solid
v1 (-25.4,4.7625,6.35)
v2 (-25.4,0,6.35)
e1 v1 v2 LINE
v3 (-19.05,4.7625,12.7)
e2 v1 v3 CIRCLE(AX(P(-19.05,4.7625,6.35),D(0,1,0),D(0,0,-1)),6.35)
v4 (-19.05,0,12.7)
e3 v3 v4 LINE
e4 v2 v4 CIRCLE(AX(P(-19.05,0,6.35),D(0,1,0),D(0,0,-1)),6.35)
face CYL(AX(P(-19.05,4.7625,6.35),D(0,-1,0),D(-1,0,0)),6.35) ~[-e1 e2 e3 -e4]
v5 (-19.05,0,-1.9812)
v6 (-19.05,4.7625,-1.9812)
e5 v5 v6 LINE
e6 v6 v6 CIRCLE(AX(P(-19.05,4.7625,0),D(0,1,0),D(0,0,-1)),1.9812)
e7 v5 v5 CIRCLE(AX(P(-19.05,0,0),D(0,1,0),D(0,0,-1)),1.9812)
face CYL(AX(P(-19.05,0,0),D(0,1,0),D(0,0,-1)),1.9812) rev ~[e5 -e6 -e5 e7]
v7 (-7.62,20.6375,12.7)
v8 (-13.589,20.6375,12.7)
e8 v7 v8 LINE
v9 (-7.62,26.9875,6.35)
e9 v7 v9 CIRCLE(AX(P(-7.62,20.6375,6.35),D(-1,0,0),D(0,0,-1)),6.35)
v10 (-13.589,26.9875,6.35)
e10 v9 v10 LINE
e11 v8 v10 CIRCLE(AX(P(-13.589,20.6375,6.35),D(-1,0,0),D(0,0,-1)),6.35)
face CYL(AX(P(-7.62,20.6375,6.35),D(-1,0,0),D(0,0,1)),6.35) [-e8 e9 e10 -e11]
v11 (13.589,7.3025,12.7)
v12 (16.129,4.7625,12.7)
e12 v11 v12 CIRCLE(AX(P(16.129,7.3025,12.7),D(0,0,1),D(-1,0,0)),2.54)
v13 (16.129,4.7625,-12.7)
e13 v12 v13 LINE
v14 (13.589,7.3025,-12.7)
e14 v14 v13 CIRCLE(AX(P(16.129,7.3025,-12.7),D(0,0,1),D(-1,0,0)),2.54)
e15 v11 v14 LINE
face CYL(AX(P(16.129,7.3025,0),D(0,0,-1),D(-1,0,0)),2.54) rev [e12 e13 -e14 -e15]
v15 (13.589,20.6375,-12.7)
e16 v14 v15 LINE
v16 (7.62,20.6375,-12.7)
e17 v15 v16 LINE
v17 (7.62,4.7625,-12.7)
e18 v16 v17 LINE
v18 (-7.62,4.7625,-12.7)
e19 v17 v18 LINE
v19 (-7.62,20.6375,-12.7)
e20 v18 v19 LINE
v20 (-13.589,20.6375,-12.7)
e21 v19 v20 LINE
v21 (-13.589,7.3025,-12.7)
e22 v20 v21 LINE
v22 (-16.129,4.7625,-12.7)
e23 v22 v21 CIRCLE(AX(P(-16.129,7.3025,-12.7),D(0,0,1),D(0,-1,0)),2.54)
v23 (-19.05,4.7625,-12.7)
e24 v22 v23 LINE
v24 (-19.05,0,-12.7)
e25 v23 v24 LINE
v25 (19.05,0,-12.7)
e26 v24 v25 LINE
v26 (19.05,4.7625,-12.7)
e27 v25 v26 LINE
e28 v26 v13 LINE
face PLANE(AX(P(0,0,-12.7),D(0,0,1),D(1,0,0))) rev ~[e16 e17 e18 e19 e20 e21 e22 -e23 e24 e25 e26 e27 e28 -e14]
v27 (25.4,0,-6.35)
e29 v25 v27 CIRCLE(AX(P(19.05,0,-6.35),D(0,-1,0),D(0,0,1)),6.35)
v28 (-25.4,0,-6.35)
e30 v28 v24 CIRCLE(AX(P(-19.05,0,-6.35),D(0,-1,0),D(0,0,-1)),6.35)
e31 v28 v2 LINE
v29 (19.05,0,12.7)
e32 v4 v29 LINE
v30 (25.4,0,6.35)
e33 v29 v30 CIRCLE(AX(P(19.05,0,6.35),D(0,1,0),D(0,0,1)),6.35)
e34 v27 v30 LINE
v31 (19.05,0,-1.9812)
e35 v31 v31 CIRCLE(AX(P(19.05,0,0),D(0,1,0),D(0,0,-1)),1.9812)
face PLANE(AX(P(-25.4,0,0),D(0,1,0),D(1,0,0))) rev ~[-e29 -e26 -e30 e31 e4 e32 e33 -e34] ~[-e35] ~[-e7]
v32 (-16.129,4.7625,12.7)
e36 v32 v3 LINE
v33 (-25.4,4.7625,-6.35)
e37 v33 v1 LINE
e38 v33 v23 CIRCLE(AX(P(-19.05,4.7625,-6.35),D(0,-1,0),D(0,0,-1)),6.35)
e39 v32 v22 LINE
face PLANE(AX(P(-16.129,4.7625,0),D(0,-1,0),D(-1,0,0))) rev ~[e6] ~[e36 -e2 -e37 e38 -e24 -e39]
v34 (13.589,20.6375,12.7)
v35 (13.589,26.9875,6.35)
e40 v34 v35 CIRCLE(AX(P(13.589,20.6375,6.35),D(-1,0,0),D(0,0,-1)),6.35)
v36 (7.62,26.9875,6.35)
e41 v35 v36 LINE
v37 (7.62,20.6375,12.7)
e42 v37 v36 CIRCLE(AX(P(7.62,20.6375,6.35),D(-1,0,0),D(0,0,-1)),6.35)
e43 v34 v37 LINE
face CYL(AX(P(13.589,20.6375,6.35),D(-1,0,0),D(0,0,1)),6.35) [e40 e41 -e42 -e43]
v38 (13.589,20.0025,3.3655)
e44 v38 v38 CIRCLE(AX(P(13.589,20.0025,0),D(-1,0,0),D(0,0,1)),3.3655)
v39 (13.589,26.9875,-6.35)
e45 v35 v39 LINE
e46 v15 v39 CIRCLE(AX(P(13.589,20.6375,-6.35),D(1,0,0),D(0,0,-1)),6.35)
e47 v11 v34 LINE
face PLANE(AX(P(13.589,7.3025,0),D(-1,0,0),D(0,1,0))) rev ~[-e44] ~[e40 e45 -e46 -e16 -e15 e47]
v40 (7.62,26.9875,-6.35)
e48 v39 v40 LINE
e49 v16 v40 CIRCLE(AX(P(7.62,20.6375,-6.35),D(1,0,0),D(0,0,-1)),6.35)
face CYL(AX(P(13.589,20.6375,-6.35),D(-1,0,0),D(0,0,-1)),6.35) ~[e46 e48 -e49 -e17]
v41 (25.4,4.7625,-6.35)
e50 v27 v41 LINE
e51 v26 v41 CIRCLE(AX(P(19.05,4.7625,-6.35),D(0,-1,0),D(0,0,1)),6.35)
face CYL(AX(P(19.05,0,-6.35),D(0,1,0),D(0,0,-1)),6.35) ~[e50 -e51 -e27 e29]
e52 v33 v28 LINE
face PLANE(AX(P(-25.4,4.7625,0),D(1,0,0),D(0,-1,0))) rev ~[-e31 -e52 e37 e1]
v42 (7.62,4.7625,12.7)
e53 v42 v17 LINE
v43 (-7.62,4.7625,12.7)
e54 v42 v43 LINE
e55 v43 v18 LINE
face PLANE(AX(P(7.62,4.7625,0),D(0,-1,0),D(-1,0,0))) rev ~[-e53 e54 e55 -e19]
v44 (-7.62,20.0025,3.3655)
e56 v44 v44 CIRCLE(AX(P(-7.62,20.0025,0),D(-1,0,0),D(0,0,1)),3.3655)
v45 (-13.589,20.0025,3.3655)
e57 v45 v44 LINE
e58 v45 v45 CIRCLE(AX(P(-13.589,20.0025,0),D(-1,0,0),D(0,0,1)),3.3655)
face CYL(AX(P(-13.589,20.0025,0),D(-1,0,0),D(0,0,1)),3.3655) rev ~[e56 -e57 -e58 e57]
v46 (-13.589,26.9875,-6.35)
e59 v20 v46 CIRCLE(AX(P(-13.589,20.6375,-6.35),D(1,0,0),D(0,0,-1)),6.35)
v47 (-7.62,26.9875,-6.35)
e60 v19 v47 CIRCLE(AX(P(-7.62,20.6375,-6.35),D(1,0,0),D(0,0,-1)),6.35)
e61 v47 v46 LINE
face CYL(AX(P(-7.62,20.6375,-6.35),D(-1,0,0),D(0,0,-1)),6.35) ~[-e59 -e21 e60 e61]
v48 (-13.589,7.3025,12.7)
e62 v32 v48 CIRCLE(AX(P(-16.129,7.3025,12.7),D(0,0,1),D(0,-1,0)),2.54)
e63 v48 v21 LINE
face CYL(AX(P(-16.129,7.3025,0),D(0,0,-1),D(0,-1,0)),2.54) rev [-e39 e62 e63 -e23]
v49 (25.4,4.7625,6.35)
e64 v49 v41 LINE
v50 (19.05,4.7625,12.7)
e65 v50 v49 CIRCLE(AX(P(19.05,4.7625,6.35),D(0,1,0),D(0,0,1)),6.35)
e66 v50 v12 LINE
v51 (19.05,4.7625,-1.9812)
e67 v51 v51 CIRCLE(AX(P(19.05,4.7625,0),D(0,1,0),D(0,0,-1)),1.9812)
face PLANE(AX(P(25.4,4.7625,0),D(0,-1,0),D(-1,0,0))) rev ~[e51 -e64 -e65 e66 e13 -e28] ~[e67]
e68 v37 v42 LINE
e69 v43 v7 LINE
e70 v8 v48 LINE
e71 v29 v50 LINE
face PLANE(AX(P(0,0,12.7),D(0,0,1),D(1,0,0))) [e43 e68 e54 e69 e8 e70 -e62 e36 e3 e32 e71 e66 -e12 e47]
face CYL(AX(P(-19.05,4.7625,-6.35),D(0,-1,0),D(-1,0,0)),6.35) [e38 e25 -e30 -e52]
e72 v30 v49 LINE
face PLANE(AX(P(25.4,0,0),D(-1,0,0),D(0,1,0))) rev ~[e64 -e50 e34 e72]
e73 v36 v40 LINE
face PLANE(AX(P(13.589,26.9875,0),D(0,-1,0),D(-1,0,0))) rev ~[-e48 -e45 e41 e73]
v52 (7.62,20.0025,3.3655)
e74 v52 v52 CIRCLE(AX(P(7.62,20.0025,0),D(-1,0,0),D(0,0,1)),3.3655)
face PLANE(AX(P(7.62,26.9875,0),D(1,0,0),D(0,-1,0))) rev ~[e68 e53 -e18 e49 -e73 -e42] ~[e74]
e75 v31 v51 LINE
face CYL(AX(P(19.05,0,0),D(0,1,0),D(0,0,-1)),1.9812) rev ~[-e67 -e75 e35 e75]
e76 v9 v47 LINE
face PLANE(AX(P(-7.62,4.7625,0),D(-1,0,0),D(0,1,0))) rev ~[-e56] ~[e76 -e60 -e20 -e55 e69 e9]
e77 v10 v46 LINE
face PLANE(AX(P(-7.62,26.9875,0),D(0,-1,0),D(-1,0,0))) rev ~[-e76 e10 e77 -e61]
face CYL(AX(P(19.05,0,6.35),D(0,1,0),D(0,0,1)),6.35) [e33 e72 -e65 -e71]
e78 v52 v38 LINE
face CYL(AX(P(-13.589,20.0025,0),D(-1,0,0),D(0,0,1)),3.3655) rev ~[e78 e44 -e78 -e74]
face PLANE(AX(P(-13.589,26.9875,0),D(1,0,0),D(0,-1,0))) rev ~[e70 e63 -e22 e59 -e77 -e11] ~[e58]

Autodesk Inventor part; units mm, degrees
ref_plane "YZ Plane" through (0, 0, 0) normal (1, 0, 0) x (0, 1, 0)
ref_plane "XY Plane" through (0, 0, 0) normal (0, 0, 1) x (1, 0, 0)
sketch "Sketch1" plane through (0, 0, 0) normal (0, 0, 1) x (1, 0, 0)
  line L0 (-25.4, 4.7625) -> (-25.4, 0)
  line L1 (-25.4, 0) -> (25.4, 0)
  line L2 (25.4, 0) -> (25.4, 4.7625)
  line L3 (25.4, 4.7625) -> (-25.4, 0) construction
  line L4 (-25.4, 4.7625) -> (25.4, 0) construction
  line L5 (-7.62, 4.7625) -> (-7.62, 26.9875)
  line L6 (-7.62, 26.9875) -> (-13.589, 26.9875)
  line L7 (-13.589, 26.9875) -> (-13.589, 7.3025)
  line L8 (13.589, 7.3025) -> (13.589, 26.9875)
  line L9 (13.589, 26.9875) -> (7.62, 26.9875)
  line L10 (7.62, 26.9875) -> (7.62, 4.7625)
  line L11 (0, 4.7625) -> (0, 30.1851) construction
  line L12 (-16.129, 4.7625) -> (-25.4, 4.7625)
  line L13 (25.4, 4.7625) -> (16.129, 4.7625)
  line L14 (7.62, 4.7625) -> (-7.62, 4.7625)
  arc A0 (-16.129, 4.7625) -> (-13.589, 7.3025) centre (-16.129, 7.3025) ccw
  arc A1 (13.589, 7.3025) -> (16.129, 4.7625) centre (16.129, 7.3025) ccw
  point P0 (0, 0)
  point P1 (0, 2.3812)
  point P2 (0, 0)
  dimension "d0" = 26.9875
  dimension "d2" = 50.8
  dimension "d3" = 5.969
  dimension "d4" = 15.24
  dimension "d5" = 2.54
  dimension "d6" = 4.7625
extrude "Extrusion1" add sketch "Sketch1" along normal mid plane 25.4
fillet "Fillet1" radius 6.35 8 edges at (-10.6045, 26.9875, 12.7) (10.6045, 26.9875, 12.7) (-10.6045, 26.9875, -12.7) (10.6045, 26.9875, -12.7) (25.4, 2.3813, 12.7) (25.4, 2.3813, -12.7) (-25.4, 2.3813, 12.7) (-25.4, 2.3813, -12.7)
sketch "Sketch2" plane through (-13.589, 7.3025, -12.7) normal (-1, 0, 0) x (0, 0, 1)
  circle A0 centre (12.7, 12.7) radius 3.3655
  line L0 (6.35, -7.3025) -> (19.05, -7.3025) projected
  point P0 (12.7, -7.3025)
  point P1 (25.4, -2.54)
  point P2 (12.7, -7.3025)
  dimension "d10" = 6.731
  dimension "d11" = 15.24
extrude "Extrusion2" cut sketch "Sketch2" against normal through all
sketch "Sketch3" plane through (-19.05, 0, -12.7) normal (0, -1, 0) x (1, 0, 0)
  line L0 (0, 12.7) -> (38.1, 12.7) construction
  circle A0 centre (0, 12.7) radius 2.0193
  circle A1 centre (38.1, 12.7) radius 2.0193
  point P0 (19.05, 12.7)
  point P1 (19.05, 12.7)
  dimension "d14" = 4.0386
  dimension "d15" = 38.1
hole "Hole1" at (-19.05, 0, 0) at (19.05, 0, 0) direction (0, 1, 0) diameter 3.9624 end through all thread size "10-32 UNF" class "2B" standard "ANSI Unified Screw Threads"
ref_plane "Work Plane1" through (-13.589, 20.0025, 0) normal (0, 1, 0) x (1, 0, 0)
properties part number "TTB 4mm Dyneema Cable Pulley Bracket (ELEV-PULLEY-001)" material "Aluminum 6061"
